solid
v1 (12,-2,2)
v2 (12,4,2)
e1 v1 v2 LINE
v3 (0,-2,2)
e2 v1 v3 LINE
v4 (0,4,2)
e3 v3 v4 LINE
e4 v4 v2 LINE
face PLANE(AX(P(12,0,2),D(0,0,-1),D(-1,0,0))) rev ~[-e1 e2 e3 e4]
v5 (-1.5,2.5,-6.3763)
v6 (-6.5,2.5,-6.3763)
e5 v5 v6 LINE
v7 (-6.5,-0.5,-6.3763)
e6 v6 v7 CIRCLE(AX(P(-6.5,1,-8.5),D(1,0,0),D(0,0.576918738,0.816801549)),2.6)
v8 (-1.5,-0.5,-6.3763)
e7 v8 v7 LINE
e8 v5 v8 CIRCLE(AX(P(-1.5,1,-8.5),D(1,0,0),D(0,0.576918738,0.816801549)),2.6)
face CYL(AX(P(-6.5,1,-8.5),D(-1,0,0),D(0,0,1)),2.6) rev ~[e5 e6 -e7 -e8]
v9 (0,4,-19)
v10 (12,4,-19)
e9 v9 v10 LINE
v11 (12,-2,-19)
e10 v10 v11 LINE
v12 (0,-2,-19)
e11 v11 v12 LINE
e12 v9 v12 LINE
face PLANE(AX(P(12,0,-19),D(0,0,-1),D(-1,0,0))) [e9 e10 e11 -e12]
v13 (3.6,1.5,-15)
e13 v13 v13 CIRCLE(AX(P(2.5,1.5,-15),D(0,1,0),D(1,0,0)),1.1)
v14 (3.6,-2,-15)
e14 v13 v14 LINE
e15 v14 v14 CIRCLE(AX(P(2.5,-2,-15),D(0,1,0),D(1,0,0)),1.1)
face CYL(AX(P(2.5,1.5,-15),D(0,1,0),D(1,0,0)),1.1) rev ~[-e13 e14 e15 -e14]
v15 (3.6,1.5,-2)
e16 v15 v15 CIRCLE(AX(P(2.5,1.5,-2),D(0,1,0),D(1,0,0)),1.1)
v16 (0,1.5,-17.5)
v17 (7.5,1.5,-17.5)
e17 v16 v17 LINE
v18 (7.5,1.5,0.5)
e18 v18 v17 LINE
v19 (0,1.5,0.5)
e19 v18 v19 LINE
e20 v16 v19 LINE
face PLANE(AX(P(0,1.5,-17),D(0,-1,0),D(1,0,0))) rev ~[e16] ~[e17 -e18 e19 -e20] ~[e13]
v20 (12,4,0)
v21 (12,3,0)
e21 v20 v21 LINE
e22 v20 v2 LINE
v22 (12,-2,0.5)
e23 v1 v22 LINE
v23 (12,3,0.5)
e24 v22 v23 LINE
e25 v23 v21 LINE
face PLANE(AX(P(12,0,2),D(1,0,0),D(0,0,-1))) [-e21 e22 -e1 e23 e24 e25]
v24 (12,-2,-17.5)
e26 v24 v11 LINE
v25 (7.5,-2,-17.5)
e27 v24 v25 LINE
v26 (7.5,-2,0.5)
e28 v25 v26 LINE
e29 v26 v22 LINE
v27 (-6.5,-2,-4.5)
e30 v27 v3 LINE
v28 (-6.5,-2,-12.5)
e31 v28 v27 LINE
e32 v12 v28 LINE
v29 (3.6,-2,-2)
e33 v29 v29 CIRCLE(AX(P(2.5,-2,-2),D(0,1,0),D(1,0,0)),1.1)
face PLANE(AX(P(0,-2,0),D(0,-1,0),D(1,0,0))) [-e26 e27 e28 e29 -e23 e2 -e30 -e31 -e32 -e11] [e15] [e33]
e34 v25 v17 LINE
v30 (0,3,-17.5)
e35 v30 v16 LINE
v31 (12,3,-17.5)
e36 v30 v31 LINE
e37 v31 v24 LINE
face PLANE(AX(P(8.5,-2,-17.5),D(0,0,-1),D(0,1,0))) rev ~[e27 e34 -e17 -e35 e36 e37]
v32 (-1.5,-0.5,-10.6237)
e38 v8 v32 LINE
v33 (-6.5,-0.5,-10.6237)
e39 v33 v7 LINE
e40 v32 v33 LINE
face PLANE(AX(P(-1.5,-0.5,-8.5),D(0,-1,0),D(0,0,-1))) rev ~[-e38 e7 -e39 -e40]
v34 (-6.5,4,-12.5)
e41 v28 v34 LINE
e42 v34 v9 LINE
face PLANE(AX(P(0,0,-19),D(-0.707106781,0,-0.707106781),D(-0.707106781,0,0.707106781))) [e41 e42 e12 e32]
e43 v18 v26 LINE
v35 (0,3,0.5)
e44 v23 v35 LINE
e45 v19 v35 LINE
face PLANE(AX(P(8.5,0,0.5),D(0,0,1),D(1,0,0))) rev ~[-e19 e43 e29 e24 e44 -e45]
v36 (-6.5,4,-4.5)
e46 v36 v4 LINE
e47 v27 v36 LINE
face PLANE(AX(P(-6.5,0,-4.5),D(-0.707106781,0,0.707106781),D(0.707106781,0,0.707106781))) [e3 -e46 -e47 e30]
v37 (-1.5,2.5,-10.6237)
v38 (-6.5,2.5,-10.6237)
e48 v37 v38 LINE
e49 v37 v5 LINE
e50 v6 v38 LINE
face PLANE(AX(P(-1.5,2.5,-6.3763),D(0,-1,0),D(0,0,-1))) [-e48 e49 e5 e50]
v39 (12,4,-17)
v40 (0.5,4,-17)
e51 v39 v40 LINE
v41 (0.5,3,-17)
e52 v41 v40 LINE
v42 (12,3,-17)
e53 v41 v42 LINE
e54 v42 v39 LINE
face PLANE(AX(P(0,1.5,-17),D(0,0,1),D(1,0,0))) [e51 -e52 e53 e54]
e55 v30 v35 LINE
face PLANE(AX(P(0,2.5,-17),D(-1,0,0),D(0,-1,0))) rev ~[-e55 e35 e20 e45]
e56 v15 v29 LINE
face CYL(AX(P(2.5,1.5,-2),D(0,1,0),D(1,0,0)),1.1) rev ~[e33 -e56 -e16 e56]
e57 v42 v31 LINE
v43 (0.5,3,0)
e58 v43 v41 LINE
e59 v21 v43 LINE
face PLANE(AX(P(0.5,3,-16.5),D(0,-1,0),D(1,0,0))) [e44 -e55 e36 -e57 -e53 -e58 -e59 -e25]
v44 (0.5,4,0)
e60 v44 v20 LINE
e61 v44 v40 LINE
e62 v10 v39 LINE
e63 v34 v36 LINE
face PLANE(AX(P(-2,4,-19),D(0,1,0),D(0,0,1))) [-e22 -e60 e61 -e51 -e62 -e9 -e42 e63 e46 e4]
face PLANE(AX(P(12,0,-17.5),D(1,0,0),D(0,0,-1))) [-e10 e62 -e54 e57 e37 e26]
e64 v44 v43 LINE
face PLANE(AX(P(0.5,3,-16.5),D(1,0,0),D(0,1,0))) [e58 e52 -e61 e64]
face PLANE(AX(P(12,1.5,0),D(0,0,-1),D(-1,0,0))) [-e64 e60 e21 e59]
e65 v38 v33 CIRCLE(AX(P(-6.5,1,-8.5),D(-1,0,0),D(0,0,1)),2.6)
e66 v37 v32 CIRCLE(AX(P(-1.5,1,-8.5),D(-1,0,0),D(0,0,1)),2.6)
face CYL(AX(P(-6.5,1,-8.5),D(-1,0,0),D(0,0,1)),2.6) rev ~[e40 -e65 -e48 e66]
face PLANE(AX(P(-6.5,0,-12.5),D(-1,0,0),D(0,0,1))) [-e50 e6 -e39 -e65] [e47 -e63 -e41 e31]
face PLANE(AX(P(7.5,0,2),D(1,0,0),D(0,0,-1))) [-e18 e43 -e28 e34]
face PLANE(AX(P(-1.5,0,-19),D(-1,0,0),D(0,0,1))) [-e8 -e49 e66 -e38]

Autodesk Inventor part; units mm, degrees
ref_plane "YZ Plane" through (0, 0, 0) normal (1, 0, 0) x (0, 1, 0)
ref_plane "XZ Plane" through (0, 0, 0) normal (0, 1, 0) x (-1, 0, 0)
ref_plane "XY Plane" through (0, 0, 0) normal (0, 0, 1) x (1, 0, 0)
sketch "Sketch1" plane through (0, 0, 0) normal (0, 1, 0) x (-1, 0, 0)
  line L0 (0, 0) -> (-12, 0)
  line L1 (-12, 0) -> (-12, -17)
  line L2 (-12, -17) -> (0, -17)
  line L3 (0, -17) -> (0, 0)
  line L4 (0, 0) -> (2, 0)
  line L5 (2, 0) -> (2, 2)
  line L6 (2, 2) -> (-12, 2)
  line L7 (-12, 2) -> (-12, -19)
  line L8 (-12, -19) -> (2, -19)
  line L9 (2, -19) -> (2, 2)
  dimension "d0" = 12
  dimension "d1" = 17
  dimension "d2" = 2
  dimension "d3" = 2
  dimension "d4" = 21
extrude "Extrusion1" add sketch "Sketch1" along normal blind 4
sketch "Sketch3" plane through (0, 4, 0) normal (0, 1, 0) x (1, 0, 0)
  line L0 (12, -2) -> (12, 19) projected
  line L1 (0, 0) -> (12, 0)
  line L2 (12, 0) -> (12, 17)
  line L3 (12, 17) -> (0, 17)
  line L4 (0, 17) -> (0, 0)
  dimension "d7" = 17
extrude "Extrusion2" cut sketch "Sketch3" against normal blind 2.5
sketch "Sketch4" plane through (0, 4, 0) normal (1, 0, 0) x (0, 0, -1)
  line L0 (-2, 0) -> (0, 0) projected
  line L1 (17, 0) -> (17, -2.5) projected
  line L2 (0, 0) -> (17, 0)
  line L3 (17, 0) -> (17, -1.5)
  line L4 (17, -1.5) -> (0, -1.5)
  line L5 (0, -1.5) -> (0, 0)
  point P0 (0, -4)
  dimension "d10" = 1.5
extrude "Extrusion3" add sketch "Sketch4" along normal blind 0.5
sketch "Sketch5" plane through (0, 1.5, -17) normal (0, 0, 1) x (1, 0, 0)
  line L0 (12, 2.5) -> (12, 0) projected
  line L1 (0.5, 2.5) -> (12, 2.5)
  line L2 (12, 2.5) -> (12, 1)
  line L3 (12, 1) -> (0.5, 1)
  line L4 (0.5, 1) -> (0.5, 2.5)
  point P0 (0, -1.5)
  dimension "d13" = 1.5
extrude "Extrusion4" add sketch "Sketch5" along normal blind 0.5
sketch "Sketch6" plane through (12, 1.5, 0) normal (0, 0, -1) x (-1, 0, 0)
  line L0 (14, 2.5) -> (0, 2.5) projected
  line L1 (12, 1) -> (11.5, 1) projected
  line L2 (0, 2.5) -> (11.5, 2.5)
  line L3 (11.5, 2.5) -> (11.5, 1)
  line L4 (11.5, 1) -> (0, 1)
  line L5 (0, 1) -> (0, 2.5)
  point P0 (12, -1.5)
  dimension "d20" = 1.5
extrude "Extrusion5" add sketch "Sketch6" along normal blind 0.5
sketch "Sketch7" plane through (12, 0, 2) normal (1, 0, 0) x (0, 0, -1)
  line L0 (19, 2.5) -> (19, 1.5) projected
  line L1 (19, 1.5) -> (2, 1.5)
  line L2 (2, 1.5) -> (2, 0)
  line L3 (2, 0) -> (19, 0)
  line L4 (19, 0) -> (19, 1.5)
extrude "Extrusion6" cut sketch "Sketch7" against normal blind 3.5
sketch "Sketch8" plane through (-2, 0, -19) normal (-1, 0, 0) x (0, 0, 1)
  line L0 (0, 0) -> (21, 0) projected
  line L1 (21, 0) -> (21, 4) projected
  line L2 (0, 4) -> (21, 4) projected
  line L3 (0, 0) -> (0, 4) projected
  point P0 (19, 0)
extrude "Extrusion7" add sketch "Sketch8" along normal blind 4.5
chamfer "Chamfer2" distance 6.5 angle 45 1 edges at (-6.5, 2, 2)
sketch "Sketch16" plane through (0, 2.5, -17) normal (0, 0, 1) x (1, 0, 0)
  line L0 (12, 0) -> (0, 0) projected
  line L1 (0, 0) -> (0, -1) projected
  line L2 (0, -1) -> (8.5, -1) projected
  line L3 (8.5, -1) -> (8.5, -2.5) projected
  line L4 (12, -2.5) -> (8.5, -2.5) projected
  line L5 (12, 0) -> (12, -2.5) projected
  point P0 (0, -2.5)
extrude "Extrusion14" cut sketch "Sketch16" against normal blind 0.5
sketch "Sketch17" plane through (12, 2.5, 0) normal (0, 0, -1) x (-1, 0, 0)
  line L0 (12, 0) -> (0, 0) projected
  line L1 (0, -2.5) -> (0, 0) projected
  line L2 (3.5, -2.5) -> (0, -2.5) projected
  line L3 (3.5, -2.5) -> (3.5, -1) projected
  line L4 (3.5, -1) -> (12, -1) projected
  line L5 (12, 0) -> (12, -1) projected
  point P0 (12, -2.5)
extrude "Extrusion15" cut sketch "Sketch17" against normal blind 0.5
sketch "Sketch18" plane through (0.5, 2.5, -16.5) normal (0, -1, 0) x (1, 0, 0)
  line L0 (-0.5, -1) -> (-0.5, 17) projected
  line L1 (-0.5, -1) -> (11.5, -1) projected
  line L2 (11.5, 0) -> (11.5, -1) projected
  line L3 (0, 0) -> (11.5, 0) projected
  line L4 (0, 16) -> (0, 0) projected
  line L5 (11.5, 16) -> (0, 16) projected
  line L6 (11.5, 17) -> (11.5, 16) projected
  line L7 (11.5, 17) -> (-0.5, 17) projected
  point P0 (-0.5, 16.5)
extrude "Extrusion16" cut sketch "Sketch18" against normal blind 0.5
chamfer "Chamfer3" distance 6.5 angle 45 1 edges at (-6.5, 2, -19)
sketch "Sketch19" plane through (0, 0, 0) normal (0, -1, 0) x (1, 0, 0)
  line L0 (0, -19) -> (-6.5, -12.5) projected
  line L1 (12, -19) -> (0, -19) projected
  line L2 (12, -17.5) -> (12, -19) projected
  line L3 (12, -17.5) -> (8.5, -17.5) projected
  line L4 (8.5, -17.5) -> (8.5, 0.5) projected
  line L5 (8.5, 0.5) -> (12, 0.5) projected
  line L6 (12, 2) -> (12, 0.5) projected
  line L7 (12, 2) -> (0, 2) projected
  line L8 (-6.5, -4.5) -> (0, 2) projected
  line L9 (-6.5, -12.5) -> (-6.5, -4.5) projected
  point P0 (0, 0)
extrude "Extrusion17" add sketch "Sketch19" along normal blind 2
sketch "Sketch22" plane through (0, 1.5, -16.5) normal (0, 0, 1) x (1, 0, 0)
  line L0 (0.5, 1.5) -> (12, 1.5) projected
  line L1 (12, 1.5) -> (12, 2.5) projected
  line L2 (12, 2.5) -> (0.5, 2.5) projected
  line L3 (0.5, 1.5) -> (0.5, 2.5) projected
  point P0 (0, -1.5)
extrude "Extrusion20" cut sketch "Sketch22" against normal blind 0.5
sketch "Sketch23" plane through (12, 1.5, -0.5) normal (0, 0, -1) x (-1, 0, 0)
  line L0 (0, 1.5) -> (11.5, 1.5) projected
  line L1 (11.5, 2.5) -> (11.5, 1.5) projected
  line L2 (11.5, 2.5) -> (0, 2.5) projected
  line L3 (0, 2.5) -> (0, 1.5) projected
  point P0 (12, -1.5)
extrude "Extrusion21" cut sketch "Sketch23" against normal blind 0.5
sketch "Sketch24" plane through (-6.5, 0, -19) normal (-1, 0, 0) x (0, 0, 1)
  circle A0 centre (10.5, 1) radius 2.6
  point P0 (19, 0)
  dimension "d79" = 5.2
extrude "Extrusion22" cut sketch "Sketch24" against normal blind 5
sketch "Sketch25" plane through (-1.5, 1, -8.5) normal (-1, 0, 0) x (0, 0, 1)
  circle A0 centre (0, 0) radius 2.6 projected
  line L0 (0, 0) -> (0, -1.5)
  line L1 (0, -1.5) -> (2.1237, -1.5)
  line L2 (0, -1.5) -> (-2.1237, -1.5)
  arc A1 (-2.1237, -1.5) -> (2.1237, -1.5) centre (0, 0) ccw
  arc A2 (2.0494, 1.6) -> (-2.0494, 1.6) centre (0, 0) ccw
  line L3 (0, 0) -> (0, 1.5)
  line L4 (2.1237, 1.5) -> (-2.1237, 1.5)
  line L5 (-2.6, 0) -> (2.6, 0)
  point P0 (8.5, -1)
  dimension "d88" = 1.5
  dimension "d89" = 1.5
  dimension "d90" = 5.2
extrude "Extrusion23" add sketch "Sketch25" along normal blind 5 contours L4 A0 | A0 L2 L1
sketch "Sketch26" plane through (0, 1.5, 0) normal (0, 1, 0) x (1, 0, 0)
  circle A0 centre (2.5, 2) radius 1.1
  line L0 (0, -0.5) -> (0, 17.5) projected
  line L1 (0, -0.5) -> (8.5, -0.5) projected
  line L2 (8.5, -0.5) -> (8.5, 17.5) projected
  line L3 (8.5, 8.5) -> (0, 8.5)
  circle A1 centre (2.5, 15) radius 1.1
  point P0 (0, 0)
  dimension "d91" = 2.2
  dimension "d92" = 2.5
  dimension "d93" = 2.5
extrude "Extrusion24" cut sketch "Sketch26" against normal blind 3.5 contours A0 | A1
sketch "Sketch27" plane through (8.5, 0, 2) normal (1, 0, 0) x (0, 0, -1)
  line L0 (19.5, -2) -> (19.5, 1.5) projected
  line L1 (1.5, 1.5) -> (19.5, 1.5) projected
  line L2 (1.5, 1.5) -> (1.5, -2) projected
  line L3 (19.5, -2) -> (1.5, -2) projected
  point P0 (2, 0)
extrude "Extrusion25" cut sketch "Sketch27" against normal blind 1
properties part number "sensorHolder"
